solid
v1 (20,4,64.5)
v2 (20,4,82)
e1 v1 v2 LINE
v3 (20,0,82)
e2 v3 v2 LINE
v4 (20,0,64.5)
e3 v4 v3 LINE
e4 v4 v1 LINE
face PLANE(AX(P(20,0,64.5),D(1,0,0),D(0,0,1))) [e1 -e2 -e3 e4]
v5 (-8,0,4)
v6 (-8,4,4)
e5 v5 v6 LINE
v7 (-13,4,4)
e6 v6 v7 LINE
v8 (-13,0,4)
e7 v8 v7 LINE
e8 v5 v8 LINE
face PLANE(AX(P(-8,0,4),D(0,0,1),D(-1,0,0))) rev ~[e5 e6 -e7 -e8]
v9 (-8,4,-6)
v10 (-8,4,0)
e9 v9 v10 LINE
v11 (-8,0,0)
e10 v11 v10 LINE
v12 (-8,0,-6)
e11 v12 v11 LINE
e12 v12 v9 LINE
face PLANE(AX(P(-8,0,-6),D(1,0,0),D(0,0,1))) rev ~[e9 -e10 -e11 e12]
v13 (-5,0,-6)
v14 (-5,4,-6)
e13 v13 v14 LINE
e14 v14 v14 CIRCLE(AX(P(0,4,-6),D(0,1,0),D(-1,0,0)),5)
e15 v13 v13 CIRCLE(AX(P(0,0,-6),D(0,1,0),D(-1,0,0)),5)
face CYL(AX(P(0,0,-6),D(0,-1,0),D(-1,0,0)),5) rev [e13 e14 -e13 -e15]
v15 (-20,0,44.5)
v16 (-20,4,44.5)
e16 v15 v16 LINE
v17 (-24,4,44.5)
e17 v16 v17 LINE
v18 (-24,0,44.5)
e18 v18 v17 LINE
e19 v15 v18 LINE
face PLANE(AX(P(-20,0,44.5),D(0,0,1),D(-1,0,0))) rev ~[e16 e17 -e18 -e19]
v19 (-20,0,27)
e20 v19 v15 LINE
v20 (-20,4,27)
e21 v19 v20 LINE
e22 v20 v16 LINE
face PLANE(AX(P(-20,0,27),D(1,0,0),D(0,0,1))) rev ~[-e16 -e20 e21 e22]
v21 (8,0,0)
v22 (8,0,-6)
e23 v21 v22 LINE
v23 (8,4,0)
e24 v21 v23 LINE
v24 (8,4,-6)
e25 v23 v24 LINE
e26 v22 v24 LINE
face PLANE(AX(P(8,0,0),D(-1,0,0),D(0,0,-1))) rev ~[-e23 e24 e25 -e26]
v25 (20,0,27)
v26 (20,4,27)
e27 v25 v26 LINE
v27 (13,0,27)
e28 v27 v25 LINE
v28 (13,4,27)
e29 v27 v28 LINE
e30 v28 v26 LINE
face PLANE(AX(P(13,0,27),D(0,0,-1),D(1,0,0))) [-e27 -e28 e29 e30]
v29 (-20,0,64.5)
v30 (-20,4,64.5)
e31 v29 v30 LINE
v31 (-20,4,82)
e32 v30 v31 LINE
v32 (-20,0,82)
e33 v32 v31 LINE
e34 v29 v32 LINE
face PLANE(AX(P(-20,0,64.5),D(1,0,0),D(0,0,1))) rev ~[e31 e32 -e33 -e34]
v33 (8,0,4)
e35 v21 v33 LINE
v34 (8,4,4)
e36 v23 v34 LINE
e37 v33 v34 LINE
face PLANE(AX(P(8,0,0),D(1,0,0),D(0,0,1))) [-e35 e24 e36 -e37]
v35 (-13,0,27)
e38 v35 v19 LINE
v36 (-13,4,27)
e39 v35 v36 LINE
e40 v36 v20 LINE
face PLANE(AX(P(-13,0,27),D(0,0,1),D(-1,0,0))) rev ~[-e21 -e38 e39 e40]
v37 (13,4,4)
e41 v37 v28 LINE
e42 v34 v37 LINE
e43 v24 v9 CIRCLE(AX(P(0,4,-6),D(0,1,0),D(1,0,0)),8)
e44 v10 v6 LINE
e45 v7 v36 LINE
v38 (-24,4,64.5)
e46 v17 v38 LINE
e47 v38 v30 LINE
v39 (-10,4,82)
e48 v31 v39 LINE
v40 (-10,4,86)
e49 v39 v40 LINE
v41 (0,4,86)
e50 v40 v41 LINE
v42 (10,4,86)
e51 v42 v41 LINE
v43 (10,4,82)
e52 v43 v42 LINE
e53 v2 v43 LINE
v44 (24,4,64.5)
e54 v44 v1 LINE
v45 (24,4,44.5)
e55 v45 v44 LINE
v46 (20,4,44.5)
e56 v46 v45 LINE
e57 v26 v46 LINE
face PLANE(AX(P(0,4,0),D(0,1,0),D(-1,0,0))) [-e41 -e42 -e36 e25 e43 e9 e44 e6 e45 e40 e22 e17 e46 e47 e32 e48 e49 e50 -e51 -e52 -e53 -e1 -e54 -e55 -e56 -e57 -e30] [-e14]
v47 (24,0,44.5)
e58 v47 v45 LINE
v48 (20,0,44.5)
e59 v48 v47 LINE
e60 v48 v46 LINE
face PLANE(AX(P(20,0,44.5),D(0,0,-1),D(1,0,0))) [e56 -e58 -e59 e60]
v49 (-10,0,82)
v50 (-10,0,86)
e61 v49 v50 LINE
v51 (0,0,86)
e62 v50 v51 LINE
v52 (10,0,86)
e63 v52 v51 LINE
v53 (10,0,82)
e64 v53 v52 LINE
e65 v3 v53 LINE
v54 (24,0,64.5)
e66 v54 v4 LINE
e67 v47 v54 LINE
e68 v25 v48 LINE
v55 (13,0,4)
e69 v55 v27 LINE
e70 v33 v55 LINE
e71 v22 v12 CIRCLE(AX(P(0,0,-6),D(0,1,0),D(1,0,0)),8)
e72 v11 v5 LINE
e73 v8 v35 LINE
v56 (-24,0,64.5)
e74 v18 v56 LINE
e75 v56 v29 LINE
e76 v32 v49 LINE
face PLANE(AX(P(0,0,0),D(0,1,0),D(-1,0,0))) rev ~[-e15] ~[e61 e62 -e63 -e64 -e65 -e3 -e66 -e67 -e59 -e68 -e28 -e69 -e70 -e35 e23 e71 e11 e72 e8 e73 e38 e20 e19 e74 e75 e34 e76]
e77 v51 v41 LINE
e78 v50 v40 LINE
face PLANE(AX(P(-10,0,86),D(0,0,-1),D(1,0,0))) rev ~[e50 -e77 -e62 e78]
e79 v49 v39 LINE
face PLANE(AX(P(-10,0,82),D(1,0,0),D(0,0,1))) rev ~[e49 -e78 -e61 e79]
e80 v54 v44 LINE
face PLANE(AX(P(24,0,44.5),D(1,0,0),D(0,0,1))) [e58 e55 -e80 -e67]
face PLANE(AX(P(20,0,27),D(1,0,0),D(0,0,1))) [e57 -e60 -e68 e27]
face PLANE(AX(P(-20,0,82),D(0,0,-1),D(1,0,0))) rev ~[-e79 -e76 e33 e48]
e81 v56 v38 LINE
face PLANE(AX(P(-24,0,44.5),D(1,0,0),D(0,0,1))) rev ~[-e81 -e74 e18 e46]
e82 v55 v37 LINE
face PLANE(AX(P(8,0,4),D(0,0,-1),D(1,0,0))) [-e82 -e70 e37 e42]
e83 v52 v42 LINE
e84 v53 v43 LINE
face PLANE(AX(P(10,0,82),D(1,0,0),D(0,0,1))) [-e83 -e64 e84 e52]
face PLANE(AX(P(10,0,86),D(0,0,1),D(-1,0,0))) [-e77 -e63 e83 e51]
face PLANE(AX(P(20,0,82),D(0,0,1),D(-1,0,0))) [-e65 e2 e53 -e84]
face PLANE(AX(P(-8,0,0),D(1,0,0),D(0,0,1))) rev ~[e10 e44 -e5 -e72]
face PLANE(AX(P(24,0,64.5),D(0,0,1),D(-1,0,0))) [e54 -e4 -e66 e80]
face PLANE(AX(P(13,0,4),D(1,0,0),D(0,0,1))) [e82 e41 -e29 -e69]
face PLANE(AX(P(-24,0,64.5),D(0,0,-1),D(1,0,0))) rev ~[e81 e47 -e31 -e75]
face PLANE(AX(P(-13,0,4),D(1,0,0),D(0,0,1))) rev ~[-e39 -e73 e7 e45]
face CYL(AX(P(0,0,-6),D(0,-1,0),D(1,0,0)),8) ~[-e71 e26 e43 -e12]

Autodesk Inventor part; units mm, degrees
ref_plane "YZ Plane" through (0, 0, 0) normal (1, 0, 0) x (0, 1, 0)
ref_plane "XZ Plane" through (0, 0, 0) normal (0, 1, 0) x (-1, 0, 0)
ref_plane "XY Plane" through (0, 0, 0) normal (0, 0, 1) x (1, 0, 0)
sketch "Эскиз1" plane through (0, 0, 0) normal (0, 1, 0) x (-1, 0, 0)
  line L0 (0, 0) -> (8, 0) construction
  line L1 (8, 0) -> (8, 4)
  line L2 (8, 4) -> (13, 4)
  line L3 (13, 4) -> (13, 27)
  line L4 (13, 27) -> (20, 27)
  line L5 (0, 0) -> (0, 86)
  line L6 (0, 0) -> (-8, 0) construction
  line L7 (-8, 0) -> (-8, 4)
  line L8 (-8, 4) -> (-13, 4)
  line L9 (-13, 4) -> (-13, 27)
  line L10 (-13, 27) -> (-20, 27)
  line L11 (20, 27) -> (20, 44.5)
  line L12 (20, 44.5) -> (24, 44.5)
  line L13 (24, 44.5) -> (24, 64.5)
  line L14 (24, 64.5) -> (20, 64.5)
  line L15 (-20, 27) -> (-20, 44.5)
  line L16 (-20, 44.5) -> (-24, 44.5)
  line L17 (-24, 44.5) -> (-24, 64.5)
  line L18 (-24, 64.5) -> (-20, 64.5)
  line L19 (20, 64.5) -> (20, 82)
  line L20 (20, 82) -> (10, 82)
  line L21 (10, 82) -> (10, 86)
  line L22 (10, 86) -> (0, 86)
  line L23 (-20, 64.5) -> (-20, 82)
  line L24 (-20, 82) -> (-10, 82)
  line L25 (-10, 82) -> (-10, 86)
  line L26 (-10, 86) -> (0, 86)
  line L27 (-8, 0) -> (-8, -6)
  line L28 (8, -6) -> (8, 0)
  arc A0 (-8, -6) -> (8, -6) centre (0, -6) ccw
  circle A1 centre (0, -6) radius 5
  dimension "d0" = 16
  dimension "d1" = 26
  dimension "d2" = 40
  dimension "d3" = 4
  dimension "d4" = 23
  dimension "d5" = 55
  dimension "d6" = 20
  dimension "d7" = 20
  dimension "d10" = 6
  dimension "d11" = 10
extrude "Выдавливание1" add sketch "Эскиз1" along normal blind 4
properties part number "PistonPart3" material "Дерево (вишня)"
